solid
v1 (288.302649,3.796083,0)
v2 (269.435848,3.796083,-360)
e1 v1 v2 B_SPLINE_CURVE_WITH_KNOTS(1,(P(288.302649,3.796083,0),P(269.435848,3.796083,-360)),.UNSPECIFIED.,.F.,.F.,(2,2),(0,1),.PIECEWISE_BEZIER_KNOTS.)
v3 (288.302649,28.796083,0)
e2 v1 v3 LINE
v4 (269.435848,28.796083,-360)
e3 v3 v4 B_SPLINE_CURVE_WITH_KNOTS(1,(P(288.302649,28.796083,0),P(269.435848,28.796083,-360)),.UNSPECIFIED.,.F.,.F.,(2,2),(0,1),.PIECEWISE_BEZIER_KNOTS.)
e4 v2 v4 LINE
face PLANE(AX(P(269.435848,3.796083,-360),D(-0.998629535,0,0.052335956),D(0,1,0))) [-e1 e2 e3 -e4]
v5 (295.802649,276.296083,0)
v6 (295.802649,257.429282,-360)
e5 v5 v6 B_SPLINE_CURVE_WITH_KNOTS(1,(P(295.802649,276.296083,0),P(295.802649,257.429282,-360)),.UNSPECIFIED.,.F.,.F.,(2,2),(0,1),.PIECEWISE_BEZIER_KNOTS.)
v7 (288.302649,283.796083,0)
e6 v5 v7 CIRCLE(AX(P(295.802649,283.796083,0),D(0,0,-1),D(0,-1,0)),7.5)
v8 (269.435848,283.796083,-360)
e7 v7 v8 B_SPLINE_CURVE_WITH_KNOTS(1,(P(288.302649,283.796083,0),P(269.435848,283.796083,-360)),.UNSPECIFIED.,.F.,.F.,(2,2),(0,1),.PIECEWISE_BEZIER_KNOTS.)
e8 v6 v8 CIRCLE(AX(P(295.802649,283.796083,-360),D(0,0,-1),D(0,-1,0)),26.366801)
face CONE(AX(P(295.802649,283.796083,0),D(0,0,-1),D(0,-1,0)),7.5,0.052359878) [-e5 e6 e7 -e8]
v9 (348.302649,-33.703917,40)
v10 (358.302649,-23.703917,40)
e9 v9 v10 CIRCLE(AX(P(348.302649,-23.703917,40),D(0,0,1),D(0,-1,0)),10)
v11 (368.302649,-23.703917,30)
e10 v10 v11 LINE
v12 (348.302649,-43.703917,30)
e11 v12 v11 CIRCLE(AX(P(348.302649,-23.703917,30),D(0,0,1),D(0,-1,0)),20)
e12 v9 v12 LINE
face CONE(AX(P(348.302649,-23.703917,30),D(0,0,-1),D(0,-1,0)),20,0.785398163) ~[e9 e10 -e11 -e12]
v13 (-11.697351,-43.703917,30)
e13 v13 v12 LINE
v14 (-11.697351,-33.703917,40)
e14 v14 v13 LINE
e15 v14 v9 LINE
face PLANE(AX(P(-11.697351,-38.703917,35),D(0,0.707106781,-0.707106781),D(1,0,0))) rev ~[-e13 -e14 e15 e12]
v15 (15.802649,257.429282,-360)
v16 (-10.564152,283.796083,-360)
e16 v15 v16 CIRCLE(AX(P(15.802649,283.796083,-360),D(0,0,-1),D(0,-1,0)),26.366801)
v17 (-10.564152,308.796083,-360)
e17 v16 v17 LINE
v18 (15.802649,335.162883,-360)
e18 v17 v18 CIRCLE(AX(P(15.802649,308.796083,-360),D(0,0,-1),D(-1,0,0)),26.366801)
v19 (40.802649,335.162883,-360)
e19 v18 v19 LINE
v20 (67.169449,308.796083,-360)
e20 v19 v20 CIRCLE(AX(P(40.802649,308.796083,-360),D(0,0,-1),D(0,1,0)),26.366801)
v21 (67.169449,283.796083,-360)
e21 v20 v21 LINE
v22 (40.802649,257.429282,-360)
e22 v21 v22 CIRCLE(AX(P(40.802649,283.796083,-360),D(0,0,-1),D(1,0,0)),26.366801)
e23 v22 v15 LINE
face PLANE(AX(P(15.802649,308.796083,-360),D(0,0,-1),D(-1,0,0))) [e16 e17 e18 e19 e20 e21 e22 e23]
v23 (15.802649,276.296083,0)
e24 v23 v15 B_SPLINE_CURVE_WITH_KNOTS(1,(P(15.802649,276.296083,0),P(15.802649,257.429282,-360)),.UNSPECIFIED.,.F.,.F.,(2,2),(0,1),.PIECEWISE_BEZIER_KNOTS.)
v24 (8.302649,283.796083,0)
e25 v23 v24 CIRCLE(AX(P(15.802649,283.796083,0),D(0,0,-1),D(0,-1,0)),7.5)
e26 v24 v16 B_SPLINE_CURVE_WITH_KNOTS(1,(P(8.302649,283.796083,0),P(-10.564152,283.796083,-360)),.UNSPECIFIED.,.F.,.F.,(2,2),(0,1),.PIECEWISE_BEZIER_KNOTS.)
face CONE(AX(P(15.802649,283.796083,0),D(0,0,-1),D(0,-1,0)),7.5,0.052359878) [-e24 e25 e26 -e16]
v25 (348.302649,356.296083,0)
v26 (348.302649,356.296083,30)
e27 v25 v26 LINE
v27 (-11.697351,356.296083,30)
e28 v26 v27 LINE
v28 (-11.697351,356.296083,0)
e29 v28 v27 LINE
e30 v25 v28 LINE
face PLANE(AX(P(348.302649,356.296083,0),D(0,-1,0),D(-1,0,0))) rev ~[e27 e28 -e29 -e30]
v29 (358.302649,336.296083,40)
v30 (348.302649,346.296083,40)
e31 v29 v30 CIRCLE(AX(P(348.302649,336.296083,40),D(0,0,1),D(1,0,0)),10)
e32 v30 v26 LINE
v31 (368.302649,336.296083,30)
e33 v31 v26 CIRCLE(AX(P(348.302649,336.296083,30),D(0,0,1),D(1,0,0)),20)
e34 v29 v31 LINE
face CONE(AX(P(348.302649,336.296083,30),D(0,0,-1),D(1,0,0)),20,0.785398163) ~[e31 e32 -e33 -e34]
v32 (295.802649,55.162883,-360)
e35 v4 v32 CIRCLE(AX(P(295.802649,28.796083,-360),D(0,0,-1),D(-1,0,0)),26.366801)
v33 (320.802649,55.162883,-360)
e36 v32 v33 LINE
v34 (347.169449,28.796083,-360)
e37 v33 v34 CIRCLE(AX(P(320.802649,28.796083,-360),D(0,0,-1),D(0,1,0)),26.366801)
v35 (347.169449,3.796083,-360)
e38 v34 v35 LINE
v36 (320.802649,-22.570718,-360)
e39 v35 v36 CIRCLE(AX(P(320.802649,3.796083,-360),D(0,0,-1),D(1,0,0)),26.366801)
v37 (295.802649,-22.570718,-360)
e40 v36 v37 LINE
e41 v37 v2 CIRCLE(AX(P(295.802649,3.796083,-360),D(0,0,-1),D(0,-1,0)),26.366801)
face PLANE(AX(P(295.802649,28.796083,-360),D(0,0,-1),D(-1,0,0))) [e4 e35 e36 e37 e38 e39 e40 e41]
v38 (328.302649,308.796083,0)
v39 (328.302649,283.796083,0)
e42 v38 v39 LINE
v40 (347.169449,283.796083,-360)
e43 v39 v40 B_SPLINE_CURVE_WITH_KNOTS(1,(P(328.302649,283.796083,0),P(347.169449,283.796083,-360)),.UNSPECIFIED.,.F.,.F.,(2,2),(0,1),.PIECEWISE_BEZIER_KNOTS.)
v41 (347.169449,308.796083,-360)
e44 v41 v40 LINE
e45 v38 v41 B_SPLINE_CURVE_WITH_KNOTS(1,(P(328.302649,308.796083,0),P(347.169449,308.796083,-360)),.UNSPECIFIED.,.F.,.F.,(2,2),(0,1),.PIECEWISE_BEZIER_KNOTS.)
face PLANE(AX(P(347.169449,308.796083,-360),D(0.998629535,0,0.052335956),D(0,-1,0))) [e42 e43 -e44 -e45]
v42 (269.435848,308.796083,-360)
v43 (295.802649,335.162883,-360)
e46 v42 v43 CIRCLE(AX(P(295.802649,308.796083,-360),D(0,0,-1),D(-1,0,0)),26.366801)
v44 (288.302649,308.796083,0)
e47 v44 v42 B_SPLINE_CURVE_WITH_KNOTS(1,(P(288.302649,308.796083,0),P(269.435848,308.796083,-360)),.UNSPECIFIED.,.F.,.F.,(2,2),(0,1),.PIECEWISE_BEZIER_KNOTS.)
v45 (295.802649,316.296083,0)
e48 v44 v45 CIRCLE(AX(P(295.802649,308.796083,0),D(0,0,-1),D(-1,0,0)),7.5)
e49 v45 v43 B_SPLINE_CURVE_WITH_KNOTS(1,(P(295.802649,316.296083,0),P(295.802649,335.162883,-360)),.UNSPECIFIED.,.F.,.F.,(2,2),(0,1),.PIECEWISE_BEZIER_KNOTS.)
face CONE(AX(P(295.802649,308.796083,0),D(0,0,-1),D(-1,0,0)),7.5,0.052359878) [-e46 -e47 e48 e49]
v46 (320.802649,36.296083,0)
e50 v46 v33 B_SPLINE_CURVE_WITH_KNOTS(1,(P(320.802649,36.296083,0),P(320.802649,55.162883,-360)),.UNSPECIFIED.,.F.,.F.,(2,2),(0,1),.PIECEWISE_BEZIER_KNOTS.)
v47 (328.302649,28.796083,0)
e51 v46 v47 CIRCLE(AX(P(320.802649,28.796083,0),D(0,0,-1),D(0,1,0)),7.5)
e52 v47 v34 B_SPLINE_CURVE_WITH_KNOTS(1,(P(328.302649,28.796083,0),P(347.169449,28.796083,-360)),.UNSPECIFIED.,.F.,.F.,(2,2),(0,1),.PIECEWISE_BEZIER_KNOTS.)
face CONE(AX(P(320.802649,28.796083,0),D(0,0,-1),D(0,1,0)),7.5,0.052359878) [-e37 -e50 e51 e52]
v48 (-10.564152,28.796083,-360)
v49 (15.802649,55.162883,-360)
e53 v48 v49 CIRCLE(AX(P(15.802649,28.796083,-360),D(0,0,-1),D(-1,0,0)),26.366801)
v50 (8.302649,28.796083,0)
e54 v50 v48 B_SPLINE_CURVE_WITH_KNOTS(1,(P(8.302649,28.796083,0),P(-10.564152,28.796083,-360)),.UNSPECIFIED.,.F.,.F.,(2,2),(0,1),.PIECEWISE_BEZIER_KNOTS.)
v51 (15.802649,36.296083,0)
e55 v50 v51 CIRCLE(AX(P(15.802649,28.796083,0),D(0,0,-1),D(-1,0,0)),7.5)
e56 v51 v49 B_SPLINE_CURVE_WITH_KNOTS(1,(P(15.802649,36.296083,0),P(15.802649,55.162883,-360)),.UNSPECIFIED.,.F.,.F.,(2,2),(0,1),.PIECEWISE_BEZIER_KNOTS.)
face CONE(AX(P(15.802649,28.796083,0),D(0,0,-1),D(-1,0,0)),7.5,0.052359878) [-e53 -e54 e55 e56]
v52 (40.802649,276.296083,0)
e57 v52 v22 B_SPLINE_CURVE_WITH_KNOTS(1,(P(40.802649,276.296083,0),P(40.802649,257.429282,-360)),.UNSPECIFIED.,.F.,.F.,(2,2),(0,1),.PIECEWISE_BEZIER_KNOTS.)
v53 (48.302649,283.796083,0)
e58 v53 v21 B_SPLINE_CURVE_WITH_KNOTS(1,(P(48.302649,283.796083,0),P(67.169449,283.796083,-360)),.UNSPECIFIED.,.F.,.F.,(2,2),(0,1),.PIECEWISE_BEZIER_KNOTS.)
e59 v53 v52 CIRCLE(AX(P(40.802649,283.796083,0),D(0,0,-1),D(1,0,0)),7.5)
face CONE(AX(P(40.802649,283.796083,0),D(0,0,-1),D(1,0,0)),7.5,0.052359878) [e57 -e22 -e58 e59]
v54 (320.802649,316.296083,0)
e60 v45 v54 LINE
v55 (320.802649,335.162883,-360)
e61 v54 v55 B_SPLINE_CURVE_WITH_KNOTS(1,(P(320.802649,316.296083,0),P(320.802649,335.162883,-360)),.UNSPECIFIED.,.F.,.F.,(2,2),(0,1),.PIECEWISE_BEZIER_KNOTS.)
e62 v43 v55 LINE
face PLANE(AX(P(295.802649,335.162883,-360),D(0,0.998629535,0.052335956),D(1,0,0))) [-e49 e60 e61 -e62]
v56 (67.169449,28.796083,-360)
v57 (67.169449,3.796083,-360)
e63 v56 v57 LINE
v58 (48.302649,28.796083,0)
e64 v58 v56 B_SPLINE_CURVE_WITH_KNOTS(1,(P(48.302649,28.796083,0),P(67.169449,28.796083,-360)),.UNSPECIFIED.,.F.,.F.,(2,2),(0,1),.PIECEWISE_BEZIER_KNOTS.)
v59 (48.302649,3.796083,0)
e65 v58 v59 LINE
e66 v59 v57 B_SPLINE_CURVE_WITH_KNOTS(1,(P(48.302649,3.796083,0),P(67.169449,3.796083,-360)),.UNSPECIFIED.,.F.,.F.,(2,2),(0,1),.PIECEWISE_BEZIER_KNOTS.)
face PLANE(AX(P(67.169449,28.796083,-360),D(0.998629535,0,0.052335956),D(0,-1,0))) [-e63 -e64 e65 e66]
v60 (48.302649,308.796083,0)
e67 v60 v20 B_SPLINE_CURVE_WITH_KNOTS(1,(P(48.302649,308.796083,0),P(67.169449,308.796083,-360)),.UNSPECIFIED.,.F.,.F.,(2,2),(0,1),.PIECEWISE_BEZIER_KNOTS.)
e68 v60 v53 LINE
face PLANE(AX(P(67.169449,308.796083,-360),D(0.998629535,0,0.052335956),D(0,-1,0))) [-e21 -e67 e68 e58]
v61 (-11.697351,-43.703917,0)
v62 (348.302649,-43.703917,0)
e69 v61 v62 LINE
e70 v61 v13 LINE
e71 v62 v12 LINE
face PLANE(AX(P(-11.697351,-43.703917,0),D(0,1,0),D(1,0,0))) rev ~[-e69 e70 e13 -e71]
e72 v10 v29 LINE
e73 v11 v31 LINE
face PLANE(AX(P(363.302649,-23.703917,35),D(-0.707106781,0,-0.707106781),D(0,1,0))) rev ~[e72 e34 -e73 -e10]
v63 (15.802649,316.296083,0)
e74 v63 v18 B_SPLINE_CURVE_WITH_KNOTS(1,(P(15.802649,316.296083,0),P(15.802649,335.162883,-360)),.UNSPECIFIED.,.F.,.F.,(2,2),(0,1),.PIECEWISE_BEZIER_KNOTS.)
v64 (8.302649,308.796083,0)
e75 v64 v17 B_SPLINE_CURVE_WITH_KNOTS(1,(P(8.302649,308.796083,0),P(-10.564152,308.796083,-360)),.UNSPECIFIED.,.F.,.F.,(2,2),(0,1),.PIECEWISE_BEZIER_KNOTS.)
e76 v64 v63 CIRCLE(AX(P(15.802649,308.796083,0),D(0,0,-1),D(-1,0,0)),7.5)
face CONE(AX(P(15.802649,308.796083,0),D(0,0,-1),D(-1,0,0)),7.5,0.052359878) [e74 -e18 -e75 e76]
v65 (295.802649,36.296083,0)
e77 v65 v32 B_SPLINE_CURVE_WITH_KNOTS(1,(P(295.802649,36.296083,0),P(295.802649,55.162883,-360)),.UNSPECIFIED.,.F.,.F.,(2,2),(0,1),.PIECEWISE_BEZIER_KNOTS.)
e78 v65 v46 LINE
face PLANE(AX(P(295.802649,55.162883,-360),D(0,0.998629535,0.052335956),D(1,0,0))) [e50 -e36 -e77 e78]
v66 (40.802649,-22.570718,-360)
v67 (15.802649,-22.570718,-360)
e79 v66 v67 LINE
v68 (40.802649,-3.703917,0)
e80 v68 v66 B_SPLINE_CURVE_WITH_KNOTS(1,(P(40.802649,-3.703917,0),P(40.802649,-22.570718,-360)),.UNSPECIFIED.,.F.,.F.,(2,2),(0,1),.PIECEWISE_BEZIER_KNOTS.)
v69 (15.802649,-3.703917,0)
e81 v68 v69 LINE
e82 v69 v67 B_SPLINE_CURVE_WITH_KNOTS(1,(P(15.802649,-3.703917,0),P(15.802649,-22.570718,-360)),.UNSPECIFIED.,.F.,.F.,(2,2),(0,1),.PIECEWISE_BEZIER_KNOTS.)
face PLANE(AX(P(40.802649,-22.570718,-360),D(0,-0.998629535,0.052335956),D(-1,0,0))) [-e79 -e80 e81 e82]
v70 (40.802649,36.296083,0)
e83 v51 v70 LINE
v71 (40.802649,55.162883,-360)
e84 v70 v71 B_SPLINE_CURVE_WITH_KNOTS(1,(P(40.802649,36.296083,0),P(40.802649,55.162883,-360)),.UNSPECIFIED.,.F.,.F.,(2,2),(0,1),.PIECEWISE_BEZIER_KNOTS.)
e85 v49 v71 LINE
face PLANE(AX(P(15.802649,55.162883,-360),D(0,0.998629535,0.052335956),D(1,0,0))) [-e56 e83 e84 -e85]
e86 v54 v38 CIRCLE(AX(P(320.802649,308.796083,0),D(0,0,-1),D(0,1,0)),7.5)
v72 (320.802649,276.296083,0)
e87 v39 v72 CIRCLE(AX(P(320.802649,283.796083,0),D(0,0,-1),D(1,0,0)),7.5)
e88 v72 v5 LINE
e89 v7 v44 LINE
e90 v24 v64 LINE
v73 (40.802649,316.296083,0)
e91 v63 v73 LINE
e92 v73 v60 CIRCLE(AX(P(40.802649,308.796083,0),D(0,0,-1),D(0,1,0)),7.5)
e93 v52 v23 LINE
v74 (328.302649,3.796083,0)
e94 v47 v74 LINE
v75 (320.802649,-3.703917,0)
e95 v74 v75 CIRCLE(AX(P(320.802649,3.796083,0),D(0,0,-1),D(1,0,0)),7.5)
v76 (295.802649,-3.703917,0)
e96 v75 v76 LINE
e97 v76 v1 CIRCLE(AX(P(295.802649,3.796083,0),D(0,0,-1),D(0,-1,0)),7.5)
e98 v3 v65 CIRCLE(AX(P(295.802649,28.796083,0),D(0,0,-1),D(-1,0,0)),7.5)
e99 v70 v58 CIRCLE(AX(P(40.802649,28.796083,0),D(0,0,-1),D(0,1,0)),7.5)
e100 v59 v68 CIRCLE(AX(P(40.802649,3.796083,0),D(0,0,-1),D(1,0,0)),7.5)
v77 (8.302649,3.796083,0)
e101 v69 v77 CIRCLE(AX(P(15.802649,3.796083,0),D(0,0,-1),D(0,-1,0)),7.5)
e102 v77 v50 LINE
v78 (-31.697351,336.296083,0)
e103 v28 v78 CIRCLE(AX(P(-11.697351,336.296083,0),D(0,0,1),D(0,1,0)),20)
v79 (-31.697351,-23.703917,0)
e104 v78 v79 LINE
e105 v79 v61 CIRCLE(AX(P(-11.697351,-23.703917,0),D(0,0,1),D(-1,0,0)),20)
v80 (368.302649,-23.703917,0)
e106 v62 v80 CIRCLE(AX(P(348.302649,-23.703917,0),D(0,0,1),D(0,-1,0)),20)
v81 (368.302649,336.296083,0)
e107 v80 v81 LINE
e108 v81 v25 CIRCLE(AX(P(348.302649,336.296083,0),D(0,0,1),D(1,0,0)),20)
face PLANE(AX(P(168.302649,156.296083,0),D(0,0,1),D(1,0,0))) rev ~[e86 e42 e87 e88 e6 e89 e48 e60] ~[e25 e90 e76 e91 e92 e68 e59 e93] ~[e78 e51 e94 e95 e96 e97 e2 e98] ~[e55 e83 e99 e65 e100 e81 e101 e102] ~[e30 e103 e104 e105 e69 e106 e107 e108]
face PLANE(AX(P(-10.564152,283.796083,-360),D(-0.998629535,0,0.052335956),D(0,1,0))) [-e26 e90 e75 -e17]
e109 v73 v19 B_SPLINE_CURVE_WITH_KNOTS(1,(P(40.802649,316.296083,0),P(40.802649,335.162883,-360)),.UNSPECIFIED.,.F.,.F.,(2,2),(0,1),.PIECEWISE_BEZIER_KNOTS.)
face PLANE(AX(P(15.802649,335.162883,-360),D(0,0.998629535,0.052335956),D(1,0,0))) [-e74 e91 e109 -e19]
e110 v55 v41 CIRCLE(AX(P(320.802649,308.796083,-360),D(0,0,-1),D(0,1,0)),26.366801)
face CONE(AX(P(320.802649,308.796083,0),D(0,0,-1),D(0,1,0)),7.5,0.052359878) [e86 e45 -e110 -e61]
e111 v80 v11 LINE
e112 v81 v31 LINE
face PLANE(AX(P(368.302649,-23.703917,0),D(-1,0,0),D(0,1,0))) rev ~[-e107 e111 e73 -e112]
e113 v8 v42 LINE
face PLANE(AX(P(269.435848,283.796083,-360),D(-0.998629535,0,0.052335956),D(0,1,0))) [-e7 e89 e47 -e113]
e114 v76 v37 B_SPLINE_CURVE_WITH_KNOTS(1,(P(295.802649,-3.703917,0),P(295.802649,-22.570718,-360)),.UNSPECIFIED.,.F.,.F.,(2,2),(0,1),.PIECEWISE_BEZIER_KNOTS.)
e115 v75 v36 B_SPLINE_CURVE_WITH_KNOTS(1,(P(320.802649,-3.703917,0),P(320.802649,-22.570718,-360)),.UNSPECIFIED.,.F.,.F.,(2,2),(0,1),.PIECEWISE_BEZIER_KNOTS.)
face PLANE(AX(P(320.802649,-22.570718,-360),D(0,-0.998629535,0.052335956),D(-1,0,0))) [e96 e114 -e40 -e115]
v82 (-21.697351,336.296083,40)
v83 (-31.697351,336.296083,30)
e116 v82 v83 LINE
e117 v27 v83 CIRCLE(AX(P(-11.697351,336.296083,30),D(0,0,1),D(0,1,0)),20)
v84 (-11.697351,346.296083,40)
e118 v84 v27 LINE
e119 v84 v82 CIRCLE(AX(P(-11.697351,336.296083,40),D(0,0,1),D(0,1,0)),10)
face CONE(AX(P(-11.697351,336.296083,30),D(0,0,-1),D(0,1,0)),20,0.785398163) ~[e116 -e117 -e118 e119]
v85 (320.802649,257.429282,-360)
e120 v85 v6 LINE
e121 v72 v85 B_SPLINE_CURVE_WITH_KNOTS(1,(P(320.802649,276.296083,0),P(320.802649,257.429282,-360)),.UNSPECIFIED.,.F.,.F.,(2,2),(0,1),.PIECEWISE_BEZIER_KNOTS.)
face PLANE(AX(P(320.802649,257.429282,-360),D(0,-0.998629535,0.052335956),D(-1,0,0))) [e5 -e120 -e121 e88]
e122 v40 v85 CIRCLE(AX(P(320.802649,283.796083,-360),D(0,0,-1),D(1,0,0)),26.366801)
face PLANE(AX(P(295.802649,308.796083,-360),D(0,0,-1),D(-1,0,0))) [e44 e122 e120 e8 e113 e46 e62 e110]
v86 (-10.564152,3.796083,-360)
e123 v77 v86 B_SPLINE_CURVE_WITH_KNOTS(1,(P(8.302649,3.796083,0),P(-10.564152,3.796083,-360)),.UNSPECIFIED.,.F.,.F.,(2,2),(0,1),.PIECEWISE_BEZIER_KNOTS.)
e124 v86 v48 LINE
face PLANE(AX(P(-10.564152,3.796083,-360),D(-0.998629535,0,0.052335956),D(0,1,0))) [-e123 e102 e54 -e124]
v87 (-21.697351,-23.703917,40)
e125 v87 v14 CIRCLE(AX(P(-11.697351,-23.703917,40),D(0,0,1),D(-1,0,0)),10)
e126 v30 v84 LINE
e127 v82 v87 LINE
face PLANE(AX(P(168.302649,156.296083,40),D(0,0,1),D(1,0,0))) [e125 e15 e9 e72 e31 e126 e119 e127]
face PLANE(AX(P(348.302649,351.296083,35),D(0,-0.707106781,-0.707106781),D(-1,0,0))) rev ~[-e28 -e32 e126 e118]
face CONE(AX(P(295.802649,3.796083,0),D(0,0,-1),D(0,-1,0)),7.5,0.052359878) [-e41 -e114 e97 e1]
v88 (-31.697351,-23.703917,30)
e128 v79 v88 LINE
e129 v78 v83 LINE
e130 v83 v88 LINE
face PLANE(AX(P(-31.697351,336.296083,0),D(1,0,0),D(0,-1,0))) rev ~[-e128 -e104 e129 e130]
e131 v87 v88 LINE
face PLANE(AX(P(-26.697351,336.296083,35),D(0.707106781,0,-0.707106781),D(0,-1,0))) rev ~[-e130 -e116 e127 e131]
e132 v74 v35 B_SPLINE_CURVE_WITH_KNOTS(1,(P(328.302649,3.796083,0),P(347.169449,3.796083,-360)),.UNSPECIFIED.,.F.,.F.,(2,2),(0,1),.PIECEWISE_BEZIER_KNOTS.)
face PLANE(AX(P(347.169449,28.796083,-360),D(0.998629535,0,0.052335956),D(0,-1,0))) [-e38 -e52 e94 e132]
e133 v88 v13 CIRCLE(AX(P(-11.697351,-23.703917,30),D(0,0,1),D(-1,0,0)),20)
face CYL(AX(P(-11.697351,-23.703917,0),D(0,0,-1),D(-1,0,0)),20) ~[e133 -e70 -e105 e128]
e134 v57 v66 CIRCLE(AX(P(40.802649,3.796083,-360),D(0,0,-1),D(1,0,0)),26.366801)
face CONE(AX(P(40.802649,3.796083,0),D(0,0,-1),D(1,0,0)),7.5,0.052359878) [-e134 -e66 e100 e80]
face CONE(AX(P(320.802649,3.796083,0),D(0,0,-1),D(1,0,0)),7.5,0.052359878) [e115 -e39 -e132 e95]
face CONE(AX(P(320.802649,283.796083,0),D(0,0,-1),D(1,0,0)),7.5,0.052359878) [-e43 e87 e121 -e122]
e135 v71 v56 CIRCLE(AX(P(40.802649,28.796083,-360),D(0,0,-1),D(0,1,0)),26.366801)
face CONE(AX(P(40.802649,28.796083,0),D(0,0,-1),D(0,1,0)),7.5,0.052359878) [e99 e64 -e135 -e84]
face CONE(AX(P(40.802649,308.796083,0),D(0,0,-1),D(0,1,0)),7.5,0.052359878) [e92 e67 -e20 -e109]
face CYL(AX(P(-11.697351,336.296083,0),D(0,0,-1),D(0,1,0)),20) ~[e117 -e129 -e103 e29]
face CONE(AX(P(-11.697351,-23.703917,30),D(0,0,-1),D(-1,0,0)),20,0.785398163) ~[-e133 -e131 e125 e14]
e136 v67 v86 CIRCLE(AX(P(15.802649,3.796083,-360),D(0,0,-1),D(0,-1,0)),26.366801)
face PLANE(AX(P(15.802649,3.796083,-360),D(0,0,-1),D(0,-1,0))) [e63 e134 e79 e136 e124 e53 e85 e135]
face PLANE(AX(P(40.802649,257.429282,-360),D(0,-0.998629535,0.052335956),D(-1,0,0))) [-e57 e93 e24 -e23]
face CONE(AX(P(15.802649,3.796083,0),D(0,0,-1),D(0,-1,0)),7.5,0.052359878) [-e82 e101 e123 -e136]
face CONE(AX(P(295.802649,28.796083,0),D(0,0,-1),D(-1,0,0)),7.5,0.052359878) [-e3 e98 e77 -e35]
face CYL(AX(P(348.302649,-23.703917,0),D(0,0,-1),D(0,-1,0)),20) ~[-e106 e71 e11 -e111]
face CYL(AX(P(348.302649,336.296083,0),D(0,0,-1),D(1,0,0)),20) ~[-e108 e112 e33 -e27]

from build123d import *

# Parameters (mm, degrees)
F1_DEPTH = 40
F3_DEPTH = 360
F3_TAPER = -3
F4_SIZE  = 10


with BuildPart() as f1:
    # F0 (on Top) → F1 (new body)
    with BuildSketch(Plane.XY):
        with BuildLine():
            Line((348.3026485145, 356.2960825861), (-11.6973514855, 356.2960825861))
            ThreePointArc((-11.6973514855, 356.2960825861), (-25.8394871092, 350.4382182098), (-31.6973514855, 336.2960825861))
            Line((-31.6973514855, 336.2960825861), (-31.6973514855, -23.7039174139))
            ThreePointArc((-31.6973514855, -23.7039174139), (-25.8394871092, -37.8460530377), (-11.6973514855, -43.7039174139))
            Line((-11.6973514855, -43.7039174139), (348.3026485145, -43.7039174139))
            ThreePointArc((348.3026485145, -43.7039174139), (362.4447841382, -37.8460530377), (368.3026485145, -23.7039174139))
            Line((368.3026485145, -23.7039174139), (368.3026485145, 336.2960825861))
            ThreePointArc((368.3026485145, 336.2960825861), (362.4447841382, 350.4382182098), (348.3026485145, 356.2960825861))
        make_face()
    extrude(amount=F1_DEPTH)

    # F2 (on face) → F3 (join)
    with BuildSketch(Plane(origin=(0, 0, 0), x_dir=(1, 0, 0), z_dir=(0, 0, -1))):
        with BuildLine():
            Line((40.8026485145, 3.7039174139), (15.8026485145, 3.7039174139))
            ThreePointArc((15.8026485145, 3.7039174139), (10.4993476556, 1.5072182728), (8.3026485145, -3.7960825861))
            Line((8.3026485145, -3.7960825861), (8.3026485145, -28.7960825861))
            ThreePointArc((8.3026485145, -28.7960825861), (10.4993476556, -34.0993834449), (15.8026485145, -36.2960825861))
            Line((15.8026485145, -36.2960825861), (40.8026485145, -36.2960825861))
            ThreePointArc((40.8026485145, -36.2960825861), (46.1059493734, -34.0993834449), (48.3026485145, -28.7960825861))
            Line((48.3026485145, -28.7960825861), (48.3026485145, -3.7960825861))
            ThreePointArc((48.3026485145, -3.7960825861), (46.1059493734, 1.5072182728), (40.8026485145, 3.7039174139))
        make_face()
        with BuildLine():
            ThreePointArc((288.3026485145, -28.7960825861), (290.4993476556, -34.0993834449), (295.8026485145, -36.2960825861))
            Line((295.8026485145, -36.2960825861), (320.8026485145, -36.2960825861))
            ThreePointArc((320.8026485145, -36.2960825861), (326.1059493734, -34.0993834449), (328.3026485145, -28.7960825861))
            Line((328.3026485145, -28.7960825861), (328.3026485145, -3.7960825861))
            ThreePointArc((328.3026485145, -3.7960825861), (326.1059493734, 1.5072182728), (320.8026485145, 3.7039174139))
            Line((320.8026485145, 3.7039174139), (295.8026485145, 3.7039174139))
            ThreePointArc((295.8026485145, 3.7039174139), (290.4993476556, 1.5072182728), (288.3026485145, -3.7960825861))
            Line((288.3026485145, -3.7960825861), (288.3026485145, -28.7960825861))
        make_face()
        with BuildLine():
            ThreePointArc((288.3026485145, -308.7960825861), (290.4993476556, -314.0993834449), (295.8026485145, -316.2960825861))
            Line((295.8026485145, -316.2960825861), (320.8026485145, -316.2960825861))
            ThreePointArc((320.8026485145, -316.2960825861), (326.1059493734, -314.0993834449), (328.3026485145, -308.7960825861))
            Line((328.3026485145, -308.7960825861), (328.3026485145, -283.7960825861))
            ThreePointArc((328.3026485145, -283.7960825861), (326.1059493734, -278.4927817272), (320.8026485145, -276.2960825861))
            Line((320.8026485145, -276.2960825861), (295.8026485145, -276.2960825861))
            ThreePointArc((295.8026485145, -276.2960825861), (290.4993476556, -278.4927817272), (288.3026485145, -283.7960825861))
            Line((288.3026485145, -283.7960825861), (288.3026485145, -308.7960825861))
        make_face()
        with BuildLine():
            ThreePointArc((8.3026485145, -308.7960825861), (10.4993476556, -314.0993834449), (15.8026485145, -316.2960825861))
            Line((15.8026485145, -316.2960825861), (40.8026485145, -316.2960825861))
            ThreePointArc((40.8026485145, -316.2960825861), (46.1059493734, -314.0993834449), (48.3026485145, -308.7960825861))
            Line((48.3026485145, -308.7960825861), (48.3026485145, -283.7960825861))
            ThreePointArc((48.3026485145, -283.7960825861), (46.1059493734, -278.4927817272), (40.8026485145, -276.2960825861))
            Line((40.8026485145, -276.2960825861), (15.8026485145, -276.2960825861))
            ThreePointArc((15.8026485145, -276.2960825861), (10.4993476556, -278.4927817272), (8.3026485145, -283.7960825861))
            Line((8.3026485145, -283.7960825861), (8.3026485145, -308.7960825861))
        make_face()
    extrude(amount=F3_DEPTH, taper=F3_TAPER)

    # F4
    f4_edges = [f1.edges().sort_by_distance(p)[0] for p in [
        (368.302649, 156.296083, 40),
        (362.444784, 350.438218, 40),
        (168.302649, 356.296083, 40),
        (-25.839487, 350.438218, 40),
        (-31.697351, 156.296083, 40),
        (-25.839487, -37.846053, 40),
        (168.302649, -43.703917, 40),
        (362.444784, -37.846053, 40),
    ]]
    chamfer(f4_edges, length=F4_SIZE)


solid = f1.part
